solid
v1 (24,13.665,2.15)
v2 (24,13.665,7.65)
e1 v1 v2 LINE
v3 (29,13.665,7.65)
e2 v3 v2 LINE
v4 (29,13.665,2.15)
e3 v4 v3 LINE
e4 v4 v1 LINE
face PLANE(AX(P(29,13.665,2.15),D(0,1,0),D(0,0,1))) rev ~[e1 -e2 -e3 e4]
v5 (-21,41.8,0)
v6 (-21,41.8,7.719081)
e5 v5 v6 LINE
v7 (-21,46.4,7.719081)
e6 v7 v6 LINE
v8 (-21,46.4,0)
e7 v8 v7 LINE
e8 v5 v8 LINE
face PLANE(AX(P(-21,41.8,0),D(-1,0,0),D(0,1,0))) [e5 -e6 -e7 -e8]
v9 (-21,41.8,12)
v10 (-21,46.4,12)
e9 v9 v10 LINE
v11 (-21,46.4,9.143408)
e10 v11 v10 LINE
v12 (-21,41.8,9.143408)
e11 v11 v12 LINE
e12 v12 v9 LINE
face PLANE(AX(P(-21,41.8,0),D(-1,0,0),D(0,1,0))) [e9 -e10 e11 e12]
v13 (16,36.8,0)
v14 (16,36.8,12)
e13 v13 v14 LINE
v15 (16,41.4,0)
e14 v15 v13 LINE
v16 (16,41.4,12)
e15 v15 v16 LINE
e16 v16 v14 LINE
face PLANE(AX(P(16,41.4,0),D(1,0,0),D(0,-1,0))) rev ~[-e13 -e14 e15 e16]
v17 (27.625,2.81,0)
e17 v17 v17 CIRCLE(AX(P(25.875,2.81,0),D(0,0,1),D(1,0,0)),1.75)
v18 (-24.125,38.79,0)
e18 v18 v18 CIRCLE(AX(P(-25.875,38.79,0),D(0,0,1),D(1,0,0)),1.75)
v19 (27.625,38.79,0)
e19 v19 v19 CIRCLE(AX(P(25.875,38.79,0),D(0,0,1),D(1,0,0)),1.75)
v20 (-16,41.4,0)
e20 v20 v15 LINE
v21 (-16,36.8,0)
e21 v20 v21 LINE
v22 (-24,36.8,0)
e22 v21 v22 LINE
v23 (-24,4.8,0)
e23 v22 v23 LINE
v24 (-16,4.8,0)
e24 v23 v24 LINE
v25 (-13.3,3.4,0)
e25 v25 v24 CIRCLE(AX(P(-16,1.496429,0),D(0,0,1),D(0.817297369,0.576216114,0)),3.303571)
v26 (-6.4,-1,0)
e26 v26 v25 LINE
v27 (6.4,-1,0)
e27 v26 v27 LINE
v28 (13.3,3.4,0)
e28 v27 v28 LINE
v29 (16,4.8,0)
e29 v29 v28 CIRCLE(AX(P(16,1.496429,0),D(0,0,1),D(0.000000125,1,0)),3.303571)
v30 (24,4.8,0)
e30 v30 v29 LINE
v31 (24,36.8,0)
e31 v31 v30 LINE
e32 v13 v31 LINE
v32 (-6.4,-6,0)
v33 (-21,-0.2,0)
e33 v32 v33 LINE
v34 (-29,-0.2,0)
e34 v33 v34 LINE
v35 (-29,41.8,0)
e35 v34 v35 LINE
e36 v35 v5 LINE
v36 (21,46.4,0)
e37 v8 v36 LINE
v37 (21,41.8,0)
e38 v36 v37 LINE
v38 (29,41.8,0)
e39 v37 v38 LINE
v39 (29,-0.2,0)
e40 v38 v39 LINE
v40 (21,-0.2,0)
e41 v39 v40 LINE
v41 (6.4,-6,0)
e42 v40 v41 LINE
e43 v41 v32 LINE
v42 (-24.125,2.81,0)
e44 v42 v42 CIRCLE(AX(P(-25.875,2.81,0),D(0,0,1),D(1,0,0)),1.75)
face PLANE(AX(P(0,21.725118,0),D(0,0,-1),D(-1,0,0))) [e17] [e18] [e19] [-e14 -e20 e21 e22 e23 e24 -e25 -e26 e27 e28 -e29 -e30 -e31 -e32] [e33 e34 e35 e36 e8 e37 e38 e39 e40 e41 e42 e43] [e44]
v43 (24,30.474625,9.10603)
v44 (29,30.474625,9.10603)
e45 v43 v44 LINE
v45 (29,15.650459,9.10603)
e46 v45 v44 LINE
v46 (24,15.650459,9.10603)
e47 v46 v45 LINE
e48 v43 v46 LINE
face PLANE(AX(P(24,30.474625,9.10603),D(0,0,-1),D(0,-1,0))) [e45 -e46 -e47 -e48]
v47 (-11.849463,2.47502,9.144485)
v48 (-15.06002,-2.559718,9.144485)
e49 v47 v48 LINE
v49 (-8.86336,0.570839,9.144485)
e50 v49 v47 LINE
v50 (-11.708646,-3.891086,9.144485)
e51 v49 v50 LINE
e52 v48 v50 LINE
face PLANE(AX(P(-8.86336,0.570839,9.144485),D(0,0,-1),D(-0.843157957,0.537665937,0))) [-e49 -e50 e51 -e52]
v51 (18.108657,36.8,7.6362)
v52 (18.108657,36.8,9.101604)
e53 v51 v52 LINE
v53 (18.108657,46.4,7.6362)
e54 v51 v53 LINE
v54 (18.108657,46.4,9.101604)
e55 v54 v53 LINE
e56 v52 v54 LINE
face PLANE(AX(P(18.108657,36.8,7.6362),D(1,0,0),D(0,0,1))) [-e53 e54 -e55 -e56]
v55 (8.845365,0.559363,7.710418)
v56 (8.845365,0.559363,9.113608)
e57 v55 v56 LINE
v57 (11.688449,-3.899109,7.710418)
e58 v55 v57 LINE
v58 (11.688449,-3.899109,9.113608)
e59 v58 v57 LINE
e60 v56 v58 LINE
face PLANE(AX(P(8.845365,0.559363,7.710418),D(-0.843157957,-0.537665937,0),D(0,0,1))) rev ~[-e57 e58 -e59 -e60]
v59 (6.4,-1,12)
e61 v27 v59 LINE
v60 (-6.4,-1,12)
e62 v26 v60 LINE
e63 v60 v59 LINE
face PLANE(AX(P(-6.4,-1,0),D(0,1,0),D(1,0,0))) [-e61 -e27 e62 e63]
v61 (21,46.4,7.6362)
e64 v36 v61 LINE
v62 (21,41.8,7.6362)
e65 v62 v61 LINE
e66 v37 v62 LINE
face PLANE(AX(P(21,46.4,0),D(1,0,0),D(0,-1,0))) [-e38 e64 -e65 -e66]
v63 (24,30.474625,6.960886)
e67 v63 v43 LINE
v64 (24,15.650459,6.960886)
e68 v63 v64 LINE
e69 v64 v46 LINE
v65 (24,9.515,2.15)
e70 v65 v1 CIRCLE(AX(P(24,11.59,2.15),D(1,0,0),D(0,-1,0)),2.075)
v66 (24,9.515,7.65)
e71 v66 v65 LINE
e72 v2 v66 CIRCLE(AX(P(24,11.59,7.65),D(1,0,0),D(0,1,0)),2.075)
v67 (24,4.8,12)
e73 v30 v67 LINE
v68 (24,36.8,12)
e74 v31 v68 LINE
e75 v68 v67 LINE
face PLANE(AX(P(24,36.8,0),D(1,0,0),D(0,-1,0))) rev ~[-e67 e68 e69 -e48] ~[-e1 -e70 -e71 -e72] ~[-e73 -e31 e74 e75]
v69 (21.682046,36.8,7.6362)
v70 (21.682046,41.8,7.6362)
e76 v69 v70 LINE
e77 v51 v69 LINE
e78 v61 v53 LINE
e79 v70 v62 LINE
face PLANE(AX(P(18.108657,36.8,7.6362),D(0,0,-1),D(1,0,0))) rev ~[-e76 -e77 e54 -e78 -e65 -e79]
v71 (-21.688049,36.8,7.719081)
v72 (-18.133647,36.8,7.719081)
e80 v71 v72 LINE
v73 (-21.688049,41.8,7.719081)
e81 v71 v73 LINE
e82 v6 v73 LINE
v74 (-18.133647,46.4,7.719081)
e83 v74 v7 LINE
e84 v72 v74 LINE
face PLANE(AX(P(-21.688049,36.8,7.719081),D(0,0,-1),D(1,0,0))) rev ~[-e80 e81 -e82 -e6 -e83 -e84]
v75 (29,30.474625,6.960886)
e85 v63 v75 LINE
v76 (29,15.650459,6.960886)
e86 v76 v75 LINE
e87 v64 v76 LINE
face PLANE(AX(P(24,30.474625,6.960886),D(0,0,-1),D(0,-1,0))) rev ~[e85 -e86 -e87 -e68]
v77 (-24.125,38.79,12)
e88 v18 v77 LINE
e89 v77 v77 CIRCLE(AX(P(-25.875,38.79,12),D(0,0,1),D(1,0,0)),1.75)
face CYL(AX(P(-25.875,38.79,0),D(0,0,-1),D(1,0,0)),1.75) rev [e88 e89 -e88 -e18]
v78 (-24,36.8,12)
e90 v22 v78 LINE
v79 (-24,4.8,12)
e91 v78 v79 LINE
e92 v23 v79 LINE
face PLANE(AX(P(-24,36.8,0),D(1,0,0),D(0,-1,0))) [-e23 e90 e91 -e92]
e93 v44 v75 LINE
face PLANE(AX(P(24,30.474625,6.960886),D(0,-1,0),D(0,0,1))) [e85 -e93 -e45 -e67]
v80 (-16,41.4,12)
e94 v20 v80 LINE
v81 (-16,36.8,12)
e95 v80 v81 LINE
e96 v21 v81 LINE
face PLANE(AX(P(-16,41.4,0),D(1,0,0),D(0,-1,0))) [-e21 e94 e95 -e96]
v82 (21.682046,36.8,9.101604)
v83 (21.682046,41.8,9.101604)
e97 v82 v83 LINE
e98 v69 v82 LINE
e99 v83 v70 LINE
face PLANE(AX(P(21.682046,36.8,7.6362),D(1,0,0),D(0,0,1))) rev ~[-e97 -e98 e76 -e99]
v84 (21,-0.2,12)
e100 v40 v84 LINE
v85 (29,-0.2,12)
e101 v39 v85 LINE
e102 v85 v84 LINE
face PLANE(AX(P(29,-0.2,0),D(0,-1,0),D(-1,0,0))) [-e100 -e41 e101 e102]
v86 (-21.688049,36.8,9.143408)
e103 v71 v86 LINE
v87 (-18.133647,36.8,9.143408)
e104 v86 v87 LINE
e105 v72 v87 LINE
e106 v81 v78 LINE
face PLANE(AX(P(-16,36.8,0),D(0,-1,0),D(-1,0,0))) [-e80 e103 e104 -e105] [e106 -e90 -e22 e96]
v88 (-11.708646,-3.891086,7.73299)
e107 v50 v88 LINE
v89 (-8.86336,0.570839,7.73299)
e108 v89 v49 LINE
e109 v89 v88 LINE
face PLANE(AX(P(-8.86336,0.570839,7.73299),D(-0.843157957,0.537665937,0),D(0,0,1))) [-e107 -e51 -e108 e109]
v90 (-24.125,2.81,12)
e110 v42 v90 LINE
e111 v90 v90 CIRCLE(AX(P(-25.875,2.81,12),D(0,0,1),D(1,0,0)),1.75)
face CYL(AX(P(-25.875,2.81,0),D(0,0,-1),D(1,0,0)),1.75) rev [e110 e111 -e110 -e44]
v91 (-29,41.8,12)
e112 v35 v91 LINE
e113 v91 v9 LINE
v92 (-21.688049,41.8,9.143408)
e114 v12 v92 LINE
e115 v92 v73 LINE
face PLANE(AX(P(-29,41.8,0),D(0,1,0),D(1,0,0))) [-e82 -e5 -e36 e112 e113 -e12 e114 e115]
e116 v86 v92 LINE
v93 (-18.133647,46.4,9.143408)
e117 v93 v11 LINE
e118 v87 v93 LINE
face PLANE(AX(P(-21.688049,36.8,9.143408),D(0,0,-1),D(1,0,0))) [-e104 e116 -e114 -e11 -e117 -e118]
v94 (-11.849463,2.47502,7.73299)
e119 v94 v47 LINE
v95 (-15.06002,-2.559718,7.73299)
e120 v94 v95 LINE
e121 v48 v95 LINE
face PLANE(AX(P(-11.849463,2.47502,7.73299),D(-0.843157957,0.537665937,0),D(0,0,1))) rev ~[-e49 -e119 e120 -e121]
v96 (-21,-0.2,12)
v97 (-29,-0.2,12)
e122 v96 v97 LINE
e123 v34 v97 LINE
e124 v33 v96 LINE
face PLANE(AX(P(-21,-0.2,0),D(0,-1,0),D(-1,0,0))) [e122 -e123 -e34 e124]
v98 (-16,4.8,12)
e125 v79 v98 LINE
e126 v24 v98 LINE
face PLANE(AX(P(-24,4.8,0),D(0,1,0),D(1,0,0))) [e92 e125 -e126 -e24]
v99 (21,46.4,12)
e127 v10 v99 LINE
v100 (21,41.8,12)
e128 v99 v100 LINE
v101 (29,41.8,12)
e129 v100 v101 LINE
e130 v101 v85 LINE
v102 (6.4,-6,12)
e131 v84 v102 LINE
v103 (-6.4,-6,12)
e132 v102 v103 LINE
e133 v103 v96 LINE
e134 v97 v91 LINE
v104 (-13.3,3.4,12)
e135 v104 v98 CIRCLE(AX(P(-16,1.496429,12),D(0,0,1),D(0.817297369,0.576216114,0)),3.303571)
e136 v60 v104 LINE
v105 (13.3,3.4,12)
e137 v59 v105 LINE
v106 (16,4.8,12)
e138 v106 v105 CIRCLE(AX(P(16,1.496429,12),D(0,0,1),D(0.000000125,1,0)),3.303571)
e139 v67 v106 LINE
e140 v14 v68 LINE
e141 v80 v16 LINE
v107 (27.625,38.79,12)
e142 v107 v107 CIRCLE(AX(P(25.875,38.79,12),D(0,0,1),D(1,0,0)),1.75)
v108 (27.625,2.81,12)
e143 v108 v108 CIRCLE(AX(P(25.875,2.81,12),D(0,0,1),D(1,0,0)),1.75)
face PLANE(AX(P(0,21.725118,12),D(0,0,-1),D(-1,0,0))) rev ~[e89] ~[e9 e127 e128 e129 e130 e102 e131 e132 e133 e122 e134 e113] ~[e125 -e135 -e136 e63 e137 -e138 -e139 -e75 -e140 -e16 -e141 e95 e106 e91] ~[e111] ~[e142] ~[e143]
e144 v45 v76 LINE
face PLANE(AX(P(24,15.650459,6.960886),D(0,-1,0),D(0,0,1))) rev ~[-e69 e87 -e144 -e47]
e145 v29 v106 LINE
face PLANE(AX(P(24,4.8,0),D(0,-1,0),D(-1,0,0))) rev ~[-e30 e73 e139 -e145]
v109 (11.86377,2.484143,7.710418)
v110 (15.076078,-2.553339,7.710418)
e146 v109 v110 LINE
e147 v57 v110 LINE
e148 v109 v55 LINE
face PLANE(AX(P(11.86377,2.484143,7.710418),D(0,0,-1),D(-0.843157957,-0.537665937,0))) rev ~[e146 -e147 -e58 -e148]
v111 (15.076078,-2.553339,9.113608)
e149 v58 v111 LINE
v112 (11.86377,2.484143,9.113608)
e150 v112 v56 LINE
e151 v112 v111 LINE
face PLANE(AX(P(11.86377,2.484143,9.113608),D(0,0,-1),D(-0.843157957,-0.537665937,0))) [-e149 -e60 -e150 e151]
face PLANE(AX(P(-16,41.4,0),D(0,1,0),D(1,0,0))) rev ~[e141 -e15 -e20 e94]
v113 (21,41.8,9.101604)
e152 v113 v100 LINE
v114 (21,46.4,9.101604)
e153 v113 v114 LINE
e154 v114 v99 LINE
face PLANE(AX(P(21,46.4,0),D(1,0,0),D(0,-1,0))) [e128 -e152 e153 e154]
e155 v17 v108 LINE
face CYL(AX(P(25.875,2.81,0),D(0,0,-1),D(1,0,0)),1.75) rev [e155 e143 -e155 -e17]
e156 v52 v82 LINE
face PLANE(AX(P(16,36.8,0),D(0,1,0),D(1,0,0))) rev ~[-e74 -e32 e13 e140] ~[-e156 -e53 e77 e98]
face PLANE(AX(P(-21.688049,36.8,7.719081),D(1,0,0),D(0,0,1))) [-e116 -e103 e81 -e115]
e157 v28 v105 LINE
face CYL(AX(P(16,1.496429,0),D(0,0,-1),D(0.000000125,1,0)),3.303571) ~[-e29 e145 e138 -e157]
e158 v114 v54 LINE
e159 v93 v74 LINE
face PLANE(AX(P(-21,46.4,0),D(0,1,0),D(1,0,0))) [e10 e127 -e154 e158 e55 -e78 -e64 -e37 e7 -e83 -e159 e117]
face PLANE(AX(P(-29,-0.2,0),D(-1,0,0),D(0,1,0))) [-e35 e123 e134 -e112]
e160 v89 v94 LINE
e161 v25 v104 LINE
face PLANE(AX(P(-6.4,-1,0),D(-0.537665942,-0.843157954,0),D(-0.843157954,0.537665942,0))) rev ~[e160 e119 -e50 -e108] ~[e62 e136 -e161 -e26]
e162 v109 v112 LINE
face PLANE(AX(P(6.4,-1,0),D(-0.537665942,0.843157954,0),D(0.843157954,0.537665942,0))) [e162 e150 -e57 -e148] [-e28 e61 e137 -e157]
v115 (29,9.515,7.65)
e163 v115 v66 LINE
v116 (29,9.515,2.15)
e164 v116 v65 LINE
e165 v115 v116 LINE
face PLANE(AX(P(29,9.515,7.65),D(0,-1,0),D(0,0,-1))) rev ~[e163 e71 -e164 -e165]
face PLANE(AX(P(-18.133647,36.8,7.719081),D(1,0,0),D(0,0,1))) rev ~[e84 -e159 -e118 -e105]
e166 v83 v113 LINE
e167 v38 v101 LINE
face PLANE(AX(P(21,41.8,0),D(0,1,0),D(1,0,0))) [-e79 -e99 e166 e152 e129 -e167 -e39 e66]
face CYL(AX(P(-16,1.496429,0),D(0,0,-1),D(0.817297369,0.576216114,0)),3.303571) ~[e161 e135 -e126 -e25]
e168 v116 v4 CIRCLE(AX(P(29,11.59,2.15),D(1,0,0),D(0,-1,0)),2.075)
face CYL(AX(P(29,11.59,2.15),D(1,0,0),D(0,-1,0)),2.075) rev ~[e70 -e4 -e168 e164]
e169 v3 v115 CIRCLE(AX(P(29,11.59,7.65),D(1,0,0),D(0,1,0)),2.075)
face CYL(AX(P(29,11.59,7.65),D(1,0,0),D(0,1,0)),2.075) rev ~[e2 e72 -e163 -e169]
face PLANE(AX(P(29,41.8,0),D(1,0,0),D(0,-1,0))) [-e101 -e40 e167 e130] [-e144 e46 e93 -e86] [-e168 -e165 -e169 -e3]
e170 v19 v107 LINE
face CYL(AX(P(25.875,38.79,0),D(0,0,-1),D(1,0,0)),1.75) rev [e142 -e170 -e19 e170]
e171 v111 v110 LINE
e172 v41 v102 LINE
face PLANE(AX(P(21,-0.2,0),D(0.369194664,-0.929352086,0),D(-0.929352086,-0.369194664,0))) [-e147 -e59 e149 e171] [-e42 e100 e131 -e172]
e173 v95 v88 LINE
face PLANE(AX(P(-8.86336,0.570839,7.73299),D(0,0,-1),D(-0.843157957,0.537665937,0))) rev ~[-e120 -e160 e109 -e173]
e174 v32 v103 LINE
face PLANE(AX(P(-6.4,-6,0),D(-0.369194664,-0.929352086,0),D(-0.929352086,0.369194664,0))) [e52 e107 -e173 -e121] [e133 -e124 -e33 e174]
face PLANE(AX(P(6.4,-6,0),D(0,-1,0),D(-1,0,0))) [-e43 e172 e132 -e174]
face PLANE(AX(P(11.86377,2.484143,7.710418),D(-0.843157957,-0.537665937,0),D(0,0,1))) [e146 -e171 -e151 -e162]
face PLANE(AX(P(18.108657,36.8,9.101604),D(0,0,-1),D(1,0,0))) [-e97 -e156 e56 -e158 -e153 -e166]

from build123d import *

# Parameters (mm, degrees)
SKETCH007_W                               = 14.824166
SKETCH007_H                               = 2.145144
EXTRUDE007_DEPTH                          = 7
SKETCH006_W                               = 3.554402
SKETCH006_H                               = 1.424327
EXTRUDE006_DEPTH                          = 10
SKETCH004_AS_DRAWN_W                      = 3.541569
SKETCH004_AS_DRAWN_H                      = 1.411495
EXTRUDE005_DEPTH                          = 7
EXTRUDE005_ONTO_SKETCH004_ROLL_ANGLE      = 90
EXTRUDE005_ONTO_SKETCH004_PLACEMENT_ANGLE = 147.47511
SKETCH005_W                               = 3.573389
SKETCH005_H                               = 1.465404
EXTRUDE004_DEPTH                          = 10
SKETCH003_AS_DRAWN_W                      = 3.579881
SKETCH003_AS_DRAWN_H                      = 1.40319
EXTRUDE003_DEPTH                          = 7
EXTRUDE003_ONTO_SKETCH003_ROLL_ANGLE      = 90
EXTRUDE003_ONTO_SKETCH003_PLACEMENT_ANGLE = -147.47511
EXTRUDE002_DEPTH                          = 5
SKETCH_R                                  = 1.75
EXTRUDE_DEPTH                             = 12


with BuildPart() as extrude007:
    # Sketch007 (on Face32 of Cut004) → Extrude007 (new body)
    with BuildSketch(Plane(origin=(24, 0, 0), x_dir=(0, -1, 0), z_dir=(-1, 0, 0))):
        with Locations((-23.062542, 8.033458)):
            Rectangle(SKETCH007_W, SKETCH007_H)
    extrude(amount=-EXTRUDE007_DEPTH)


with BuildPart() as extrude006:
    # Sketch006 (on Face23 of Cut002) → Extrude006 (new body)
    with BuildSketch(Plane.XZ.offset(-36.8)):
        with Locations((-19.910848, 8.431245)):
            Rectangle(SKETCH006_W, SKETCH006_H)
    extrude(amount=-EXTRUDE006_DEPTH)


with BuildPart() as extrude005:
    # Sketch004 as drawn → Extrude005 (new)
    with BuildSketch(Plane.XY):
        with Locations((9.550918, 8.438737)):
            Rectangle(SKETCH004_AS_DRAWN_W, SKETCH004_AS_DRAWN_H)
    extrude(amount=-EXTRUDE005_DEPTH)


with BuildPart() as extrude005_1:
    # Extrude005 onto Sketch004 roll: moved
    add(extrude005.part.rotate(Axis((0, 0, 0), (1, 0, 0)), EXTRUDE005_ONTO_SKETCH004_ROLL_ANGLE))


with BuildPart() as extrude005_2:
    # Extrude005 onto Sketch004 placement: moved
    add(extrude005_1.part.moved(Location((-2.303479, -3.612274, 0))).rotate(Axis((-2.303479, -3.612274, 0), (0, 0, 1)), EXTRUDE005_ONTO_SKETCH004_PLACEMENT_ANGLE))


with BuildPart() as extrude004:
    # Sketch005 (on Face23 of Cut001) → Extrude004 (new body)
    with BuildSketch(Plane.XZ.offset(-36.8)):
        with Locations((19.895352, 8.368902)):
            Rectangle(SKETCH005_W, SKETCH005_H)
    extrude(amount=-EXTRUDE004_DEPTH)


with BuildPart() as extrude003:
    # Sketch003 as drawn → Extrude003 (new)
    with BuildSketch(Plane.XY):
        with Locations((-9.548731, 8.412013)):
            Rectangle(SKETCH003_AS_DRAWN_W, SKETCH003_AS_DRAWN_H)
    extrude(amount=-EXTRUDE003_DEPTH)


with BuildPart() as extrude003_1:
    # Extrude003 onto Sketch003 roll: moved
    add(extrude003.part.rotate(Axis((0, 0, 0), (1, 0, 0)), EXTRUDE003_ONTO_SKETCH003_ROLL_ANGLE))


with BuildPart() as extrude003_2:
    # Extrude003 onto Sketch003 placement: moved
    add(extrude003_1.part.moved(Location((2.303479, -3.612274, 0))).rotate(Axis((2.303479, -3.612274, 0), (0, 0, 1)), EXTRUDE003_ONTO_SKETCH003_PLACEMENT_ANGLE))


with BuildPart() as extrude002:
    # Sketch002 (on Face4 of Extrude) → Extrude002 (new body)
    with BuildSketch(Plane.YZ.offset(29)):
        with BuildLine():
            ThreePointArc((13.665, 7.65), (11.59, 9.725), (9.515, 7.65))
            Line((9.515, 7.65), (9.515, 2.15))
            ThreePointArc((9.515, 2.15), (11.59, 0.075), (13.665, 2.15))
            Line((13.665, 2.15), (13.665, 7.65))
        make_face()
    extrude(amount=-EXTRUDE002_DEPTH)


with BuildPart() as cut005:
    # Sketch → Extrude (new body)
    with BuildSketch(Plane.XY):
        Polygon((-21, 46.4), (21, 46.4), (21, 41.8), (29, 41.8), (29, -0.2), (21, -0.2), (6.4, -6), (-6.4, -6), (-21, -0.2), (-29, -0.2), (-29, 41.8), (-21, 41.8), align=None)
        with Locations((-25.875, 38.79)):
            Circle(SKETCH_R, mode=Mode.SUBTRACT)
        with Locations((25.875, 38.79)):
            Circle(SKETCH_R, mode=Mode.SUBTRACT)
        with Locations((25.875, 2.81)):
            Circle(SKETCH_R, mode=Mode.SUBTRACT)
        with Locations((-25.875, 2.81)):
            Circle(SKETCH_R, mode=Mode.SUBTRACT)
        with BuildLine():
            Line((-16, 41.4), (16, 41.4))
            Line((16, 41.4), (16, 36.8))
            Line((16, 36.8), (24, 36.8))
            Line((24, 36.8), (24, 4.8))
            Line((24, 4.8), (16, 4.8))
            ThreePointArc((16, 4.8), (14.479309, 4.429189), (13.3, 3.4))
            Line((6.4, -1), (13.3, 3.4))
            Line((-6.4, -1), (6.4, -1))
            Line((-6.4, -1), (-13.3, 3.4))
            ThreePointArc((-13.3, 3.4), (-14.479309, 4.429189), (-16, 4.8))
            Line((-24, 4.8), (-16, 4.8))
            Line((-24, 36.8), (-24, 4.8))
            Line((-16, 36.8), (-24, 36.8))
            Line((-16, 41.4), (-16, 36.8))
        make_face(mode=Mode.SUBTRACT)
    extrude(amount=EXTRUDE_DEPTH)

    # Cut: cut Extrude002
    add(extrude002.part, mode=Mode.SUBTRACT)

    # Cut001: cut Extrude003
    add(extrude003_2.part, mode=Mode.SUBTRACT)

    # Cut002: cut Extrude004
    add(extrude004.part, mode=Mode.SUBTRACT)

    # Cut003: cut Extrude005
    add(extrude005_2.part, mode=Mode.SUBTRACT)

    # Cut004: cut Extrude006
    add(extrude006.part, mode=Mode.SUBTRACT)

    # Cut005: cut Extrude007
    add(extrude007.part, mode=Mode.SUBTRACT)


solid = cut005.part
